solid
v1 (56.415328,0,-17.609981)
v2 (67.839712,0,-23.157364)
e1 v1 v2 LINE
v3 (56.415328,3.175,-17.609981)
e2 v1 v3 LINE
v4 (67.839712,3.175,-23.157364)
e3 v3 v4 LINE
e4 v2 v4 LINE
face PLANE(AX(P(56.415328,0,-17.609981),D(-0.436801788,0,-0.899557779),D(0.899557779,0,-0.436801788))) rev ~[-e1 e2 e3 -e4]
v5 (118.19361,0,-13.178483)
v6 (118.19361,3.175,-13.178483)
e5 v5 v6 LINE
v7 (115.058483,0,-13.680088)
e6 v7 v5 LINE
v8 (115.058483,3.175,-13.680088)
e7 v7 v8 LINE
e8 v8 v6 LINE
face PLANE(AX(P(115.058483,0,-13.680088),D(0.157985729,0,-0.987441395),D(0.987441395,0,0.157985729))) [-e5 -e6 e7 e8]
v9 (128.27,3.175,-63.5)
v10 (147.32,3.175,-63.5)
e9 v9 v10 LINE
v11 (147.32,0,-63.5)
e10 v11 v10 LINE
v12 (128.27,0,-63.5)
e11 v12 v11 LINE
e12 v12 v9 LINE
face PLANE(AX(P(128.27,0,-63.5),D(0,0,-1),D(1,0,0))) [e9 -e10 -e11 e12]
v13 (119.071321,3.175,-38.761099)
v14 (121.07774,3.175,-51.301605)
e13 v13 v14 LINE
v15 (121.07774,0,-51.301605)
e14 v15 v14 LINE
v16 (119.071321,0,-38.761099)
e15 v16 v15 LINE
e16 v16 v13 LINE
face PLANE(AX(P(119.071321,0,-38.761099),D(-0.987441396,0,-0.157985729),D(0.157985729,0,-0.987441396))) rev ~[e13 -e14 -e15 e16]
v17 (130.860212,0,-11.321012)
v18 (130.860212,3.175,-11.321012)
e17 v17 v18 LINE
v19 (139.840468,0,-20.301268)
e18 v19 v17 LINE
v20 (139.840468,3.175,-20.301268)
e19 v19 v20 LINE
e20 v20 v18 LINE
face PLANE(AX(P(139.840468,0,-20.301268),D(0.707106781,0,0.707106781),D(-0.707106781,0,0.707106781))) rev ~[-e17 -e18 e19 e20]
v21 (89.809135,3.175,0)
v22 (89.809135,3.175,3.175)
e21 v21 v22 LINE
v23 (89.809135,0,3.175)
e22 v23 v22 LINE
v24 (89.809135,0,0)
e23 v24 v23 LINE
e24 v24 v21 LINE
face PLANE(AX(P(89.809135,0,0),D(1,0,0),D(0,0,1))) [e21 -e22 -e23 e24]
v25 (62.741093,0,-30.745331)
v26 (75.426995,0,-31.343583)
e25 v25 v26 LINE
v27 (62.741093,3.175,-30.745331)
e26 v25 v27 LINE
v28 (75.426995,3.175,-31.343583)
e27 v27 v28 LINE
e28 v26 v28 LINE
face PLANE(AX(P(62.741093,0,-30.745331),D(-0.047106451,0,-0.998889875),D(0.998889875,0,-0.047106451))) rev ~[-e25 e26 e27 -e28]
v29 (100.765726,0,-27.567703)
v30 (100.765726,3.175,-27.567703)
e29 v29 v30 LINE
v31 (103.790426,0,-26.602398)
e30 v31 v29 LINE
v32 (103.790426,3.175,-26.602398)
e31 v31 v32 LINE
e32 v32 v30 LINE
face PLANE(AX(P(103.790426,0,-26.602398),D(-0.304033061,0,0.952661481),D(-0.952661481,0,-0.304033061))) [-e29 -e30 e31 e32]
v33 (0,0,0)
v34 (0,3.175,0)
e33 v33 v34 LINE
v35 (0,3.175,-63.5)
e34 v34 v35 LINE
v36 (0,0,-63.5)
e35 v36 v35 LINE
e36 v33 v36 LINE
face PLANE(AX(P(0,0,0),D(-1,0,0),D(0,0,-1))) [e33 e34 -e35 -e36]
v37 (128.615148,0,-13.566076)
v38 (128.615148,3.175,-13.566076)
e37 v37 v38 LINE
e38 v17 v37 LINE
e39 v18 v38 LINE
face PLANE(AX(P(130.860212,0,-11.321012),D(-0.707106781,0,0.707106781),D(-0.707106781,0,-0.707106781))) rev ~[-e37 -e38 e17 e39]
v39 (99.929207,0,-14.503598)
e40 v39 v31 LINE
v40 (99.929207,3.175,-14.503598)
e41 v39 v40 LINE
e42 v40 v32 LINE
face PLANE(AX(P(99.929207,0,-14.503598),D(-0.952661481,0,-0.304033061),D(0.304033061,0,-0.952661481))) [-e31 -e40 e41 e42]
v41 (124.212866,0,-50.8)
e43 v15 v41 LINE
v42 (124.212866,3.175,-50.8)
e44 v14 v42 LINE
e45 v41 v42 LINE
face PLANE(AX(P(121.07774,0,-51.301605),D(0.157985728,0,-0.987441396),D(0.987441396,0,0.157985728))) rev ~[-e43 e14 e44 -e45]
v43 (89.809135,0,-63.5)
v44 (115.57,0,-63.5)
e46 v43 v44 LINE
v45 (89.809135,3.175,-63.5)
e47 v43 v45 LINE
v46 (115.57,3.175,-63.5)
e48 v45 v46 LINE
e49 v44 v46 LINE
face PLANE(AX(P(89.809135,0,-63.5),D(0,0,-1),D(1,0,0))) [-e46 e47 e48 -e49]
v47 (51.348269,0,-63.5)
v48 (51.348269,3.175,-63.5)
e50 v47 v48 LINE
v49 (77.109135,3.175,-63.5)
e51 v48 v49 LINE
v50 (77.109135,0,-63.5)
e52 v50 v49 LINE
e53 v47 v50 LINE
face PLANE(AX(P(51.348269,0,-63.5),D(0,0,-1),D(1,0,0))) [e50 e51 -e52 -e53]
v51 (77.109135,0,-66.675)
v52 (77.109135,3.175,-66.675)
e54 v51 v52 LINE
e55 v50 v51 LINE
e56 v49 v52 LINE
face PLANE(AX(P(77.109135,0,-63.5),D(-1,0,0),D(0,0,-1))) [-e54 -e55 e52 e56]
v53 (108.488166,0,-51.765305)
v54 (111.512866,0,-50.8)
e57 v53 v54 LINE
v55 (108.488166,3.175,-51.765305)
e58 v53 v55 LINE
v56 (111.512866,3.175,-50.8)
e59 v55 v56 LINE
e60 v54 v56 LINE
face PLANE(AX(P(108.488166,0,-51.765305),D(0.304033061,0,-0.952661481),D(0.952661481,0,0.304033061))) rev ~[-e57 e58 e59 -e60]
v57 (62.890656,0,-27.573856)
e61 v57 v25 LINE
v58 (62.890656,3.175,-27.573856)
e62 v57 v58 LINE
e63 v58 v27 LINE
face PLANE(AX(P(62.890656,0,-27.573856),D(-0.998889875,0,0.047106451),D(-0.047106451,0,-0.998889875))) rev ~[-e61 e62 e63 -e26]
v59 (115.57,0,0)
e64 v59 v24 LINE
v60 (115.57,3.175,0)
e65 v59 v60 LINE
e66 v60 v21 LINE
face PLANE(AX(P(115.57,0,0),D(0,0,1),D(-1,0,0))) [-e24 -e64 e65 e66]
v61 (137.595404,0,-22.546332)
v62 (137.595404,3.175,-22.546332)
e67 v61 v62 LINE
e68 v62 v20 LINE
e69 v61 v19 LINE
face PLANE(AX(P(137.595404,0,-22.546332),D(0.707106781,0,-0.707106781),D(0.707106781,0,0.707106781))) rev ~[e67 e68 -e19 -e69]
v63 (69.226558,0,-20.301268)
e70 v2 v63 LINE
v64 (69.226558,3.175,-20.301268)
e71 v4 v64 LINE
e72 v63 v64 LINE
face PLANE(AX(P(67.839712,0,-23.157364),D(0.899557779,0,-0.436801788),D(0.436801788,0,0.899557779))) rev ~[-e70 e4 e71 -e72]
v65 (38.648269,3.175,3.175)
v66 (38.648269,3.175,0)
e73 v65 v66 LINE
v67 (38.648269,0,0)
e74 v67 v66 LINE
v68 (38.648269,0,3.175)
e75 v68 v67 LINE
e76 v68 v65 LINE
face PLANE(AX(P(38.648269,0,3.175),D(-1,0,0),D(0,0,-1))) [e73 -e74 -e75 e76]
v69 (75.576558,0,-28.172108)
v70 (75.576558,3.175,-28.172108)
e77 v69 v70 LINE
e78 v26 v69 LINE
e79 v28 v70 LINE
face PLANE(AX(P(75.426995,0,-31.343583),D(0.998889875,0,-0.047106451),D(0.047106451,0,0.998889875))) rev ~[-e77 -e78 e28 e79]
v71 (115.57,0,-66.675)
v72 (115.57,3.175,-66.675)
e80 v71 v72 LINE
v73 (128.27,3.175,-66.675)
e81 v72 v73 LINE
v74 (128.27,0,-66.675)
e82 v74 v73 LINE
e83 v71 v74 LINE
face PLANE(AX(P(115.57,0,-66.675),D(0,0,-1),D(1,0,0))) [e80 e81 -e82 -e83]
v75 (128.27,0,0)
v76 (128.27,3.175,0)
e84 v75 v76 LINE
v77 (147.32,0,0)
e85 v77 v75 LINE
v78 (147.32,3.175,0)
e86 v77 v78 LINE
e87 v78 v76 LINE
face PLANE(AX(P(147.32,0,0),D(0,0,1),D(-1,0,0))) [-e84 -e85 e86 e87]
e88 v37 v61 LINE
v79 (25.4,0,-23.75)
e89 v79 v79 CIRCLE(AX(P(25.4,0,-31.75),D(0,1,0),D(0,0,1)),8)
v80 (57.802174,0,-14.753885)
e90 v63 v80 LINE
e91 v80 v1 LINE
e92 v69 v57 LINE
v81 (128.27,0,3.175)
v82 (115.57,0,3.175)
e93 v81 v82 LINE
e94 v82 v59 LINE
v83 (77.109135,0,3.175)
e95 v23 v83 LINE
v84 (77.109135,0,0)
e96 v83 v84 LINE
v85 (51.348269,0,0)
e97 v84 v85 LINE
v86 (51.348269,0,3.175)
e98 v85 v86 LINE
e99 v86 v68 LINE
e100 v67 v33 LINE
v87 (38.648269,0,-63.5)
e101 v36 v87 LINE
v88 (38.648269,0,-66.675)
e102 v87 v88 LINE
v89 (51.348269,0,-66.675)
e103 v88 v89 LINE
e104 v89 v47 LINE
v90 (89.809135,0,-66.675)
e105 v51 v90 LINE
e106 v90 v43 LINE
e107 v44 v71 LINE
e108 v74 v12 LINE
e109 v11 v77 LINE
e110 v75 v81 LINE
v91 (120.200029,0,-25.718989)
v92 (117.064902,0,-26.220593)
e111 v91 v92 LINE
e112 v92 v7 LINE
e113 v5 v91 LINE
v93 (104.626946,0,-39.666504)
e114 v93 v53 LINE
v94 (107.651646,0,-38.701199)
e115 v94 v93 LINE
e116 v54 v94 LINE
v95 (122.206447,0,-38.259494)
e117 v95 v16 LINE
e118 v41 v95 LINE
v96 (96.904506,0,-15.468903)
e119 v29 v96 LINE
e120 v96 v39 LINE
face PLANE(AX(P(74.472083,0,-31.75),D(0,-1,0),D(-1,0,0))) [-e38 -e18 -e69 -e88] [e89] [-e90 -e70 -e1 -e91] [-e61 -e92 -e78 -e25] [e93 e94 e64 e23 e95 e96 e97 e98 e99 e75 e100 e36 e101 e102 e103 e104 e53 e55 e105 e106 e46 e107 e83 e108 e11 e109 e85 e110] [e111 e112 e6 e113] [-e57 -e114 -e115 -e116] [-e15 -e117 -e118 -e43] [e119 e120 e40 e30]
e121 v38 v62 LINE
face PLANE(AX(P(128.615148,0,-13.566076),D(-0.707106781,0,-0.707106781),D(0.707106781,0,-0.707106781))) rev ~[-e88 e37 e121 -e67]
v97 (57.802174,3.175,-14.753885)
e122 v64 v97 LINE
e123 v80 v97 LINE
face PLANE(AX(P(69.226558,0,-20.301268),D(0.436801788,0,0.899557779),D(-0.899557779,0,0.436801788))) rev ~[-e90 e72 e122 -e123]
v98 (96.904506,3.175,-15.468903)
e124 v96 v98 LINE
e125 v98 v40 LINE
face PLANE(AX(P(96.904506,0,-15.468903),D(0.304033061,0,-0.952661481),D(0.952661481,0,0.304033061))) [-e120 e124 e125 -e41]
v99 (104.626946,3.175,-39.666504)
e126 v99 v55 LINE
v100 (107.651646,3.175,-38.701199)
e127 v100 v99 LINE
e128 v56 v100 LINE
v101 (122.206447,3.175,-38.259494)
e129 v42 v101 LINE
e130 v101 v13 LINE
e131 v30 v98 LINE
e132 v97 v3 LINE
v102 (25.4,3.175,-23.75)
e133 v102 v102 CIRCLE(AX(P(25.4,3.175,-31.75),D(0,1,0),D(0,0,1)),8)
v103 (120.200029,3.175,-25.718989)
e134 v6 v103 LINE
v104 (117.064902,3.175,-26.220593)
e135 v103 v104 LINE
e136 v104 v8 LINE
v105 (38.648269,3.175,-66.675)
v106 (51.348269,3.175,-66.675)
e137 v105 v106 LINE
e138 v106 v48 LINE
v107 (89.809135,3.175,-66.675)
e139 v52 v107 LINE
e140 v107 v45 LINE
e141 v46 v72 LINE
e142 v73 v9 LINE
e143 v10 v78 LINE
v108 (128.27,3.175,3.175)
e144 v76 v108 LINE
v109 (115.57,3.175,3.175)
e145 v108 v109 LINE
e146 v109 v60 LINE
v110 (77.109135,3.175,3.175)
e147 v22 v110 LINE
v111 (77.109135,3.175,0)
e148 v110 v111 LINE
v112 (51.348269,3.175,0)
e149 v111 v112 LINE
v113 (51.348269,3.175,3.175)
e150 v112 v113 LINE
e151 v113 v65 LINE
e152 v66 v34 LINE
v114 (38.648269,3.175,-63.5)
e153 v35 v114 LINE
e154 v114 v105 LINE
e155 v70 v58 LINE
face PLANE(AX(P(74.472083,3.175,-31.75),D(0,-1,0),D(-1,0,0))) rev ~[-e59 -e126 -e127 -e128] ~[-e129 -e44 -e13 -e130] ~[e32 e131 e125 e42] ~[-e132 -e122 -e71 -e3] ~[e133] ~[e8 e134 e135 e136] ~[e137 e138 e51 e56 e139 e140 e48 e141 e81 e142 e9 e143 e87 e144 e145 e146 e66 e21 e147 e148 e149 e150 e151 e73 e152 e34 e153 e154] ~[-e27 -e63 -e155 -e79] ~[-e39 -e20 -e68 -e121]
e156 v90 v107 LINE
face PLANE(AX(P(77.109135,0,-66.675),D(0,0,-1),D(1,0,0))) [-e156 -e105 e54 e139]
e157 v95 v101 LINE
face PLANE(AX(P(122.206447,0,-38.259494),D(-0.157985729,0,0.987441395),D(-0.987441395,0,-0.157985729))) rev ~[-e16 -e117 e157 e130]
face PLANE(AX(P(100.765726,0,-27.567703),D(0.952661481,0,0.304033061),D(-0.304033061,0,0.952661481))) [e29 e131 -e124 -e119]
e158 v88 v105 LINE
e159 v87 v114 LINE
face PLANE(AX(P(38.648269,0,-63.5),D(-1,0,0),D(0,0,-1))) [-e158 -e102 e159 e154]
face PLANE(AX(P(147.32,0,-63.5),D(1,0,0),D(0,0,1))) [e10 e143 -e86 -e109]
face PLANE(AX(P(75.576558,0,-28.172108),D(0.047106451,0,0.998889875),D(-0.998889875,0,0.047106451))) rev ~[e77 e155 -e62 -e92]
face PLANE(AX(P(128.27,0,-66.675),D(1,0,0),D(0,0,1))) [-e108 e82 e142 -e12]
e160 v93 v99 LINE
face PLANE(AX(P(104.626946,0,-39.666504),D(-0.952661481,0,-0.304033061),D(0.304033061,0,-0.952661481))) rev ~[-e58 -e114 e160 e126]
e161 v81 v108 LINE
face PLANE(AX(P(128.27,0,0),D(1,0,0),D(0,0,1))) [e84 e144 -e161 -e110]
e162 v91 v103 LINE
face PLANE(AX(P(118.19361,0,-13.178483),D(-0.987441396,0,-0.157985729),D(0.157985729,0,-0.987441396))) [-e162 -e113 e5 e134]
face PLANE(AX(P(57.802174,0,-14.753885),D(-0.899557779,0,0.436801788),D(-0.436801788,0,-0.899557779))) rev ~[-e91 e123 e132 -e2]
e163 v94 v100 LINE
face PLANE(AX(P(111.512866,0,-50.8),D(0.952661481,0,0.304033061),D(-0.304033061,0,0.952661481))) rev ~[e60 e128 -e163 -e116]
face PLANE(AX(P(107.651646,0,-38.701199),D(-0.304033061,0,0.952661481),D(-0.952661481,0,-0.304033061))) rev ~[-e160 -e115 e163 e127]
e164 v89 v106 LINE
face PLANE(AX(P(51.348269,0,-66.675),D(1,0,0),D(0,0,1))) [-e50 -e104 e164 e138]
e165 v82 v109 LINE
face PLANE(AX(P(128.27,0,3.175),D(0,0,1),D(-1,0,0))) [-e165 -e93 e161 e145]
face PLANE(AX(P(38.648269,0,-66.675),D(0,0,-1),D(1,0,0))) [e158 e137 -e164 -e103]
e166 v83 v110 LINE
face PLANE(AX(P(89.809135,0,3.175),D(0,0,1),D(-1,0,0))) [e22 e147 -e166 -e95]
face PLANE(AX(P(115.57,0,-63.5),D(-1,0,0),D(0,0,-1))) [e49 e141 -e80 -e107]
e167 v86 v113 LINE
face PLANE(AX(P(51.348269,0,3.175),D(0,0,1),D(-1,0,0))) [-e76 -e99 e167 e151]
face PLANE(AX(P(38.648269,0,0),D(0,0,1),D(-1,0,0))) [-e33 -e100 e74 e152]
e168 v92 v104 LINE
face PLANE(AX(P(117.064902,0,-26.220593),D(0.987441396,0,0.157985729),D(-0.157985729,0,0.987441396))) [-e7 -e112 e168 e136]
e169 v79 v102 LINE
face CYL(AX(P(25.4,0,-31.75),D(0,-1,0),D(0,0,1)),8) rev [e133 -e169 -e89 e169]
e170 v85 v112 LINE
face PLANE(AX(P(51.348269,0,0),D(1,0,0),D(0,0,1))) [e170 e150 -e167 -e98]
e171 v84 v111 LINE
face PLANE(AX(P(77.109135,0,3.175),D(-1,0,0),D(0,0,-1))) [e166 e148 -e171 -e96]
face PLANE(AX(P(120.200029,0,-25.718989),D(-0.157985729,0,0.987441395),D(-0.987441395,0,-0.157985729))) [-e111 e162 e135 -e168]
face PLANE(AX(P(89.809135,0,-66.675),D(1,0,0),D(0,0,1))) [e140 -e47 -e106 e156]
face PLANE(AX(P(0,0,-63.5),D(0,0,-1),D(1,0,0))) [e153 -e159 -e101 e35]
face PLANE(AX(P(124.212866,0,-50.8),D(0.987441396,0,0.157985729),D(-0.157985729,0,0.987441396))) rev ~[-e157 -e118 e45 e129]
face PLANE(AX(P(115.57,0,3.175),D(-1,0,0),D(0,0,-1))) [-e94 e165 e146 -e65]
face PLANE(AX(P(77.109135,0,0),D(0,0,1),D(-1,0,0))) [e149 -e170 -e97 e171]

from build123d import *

# Parameters (mm, degrees)
SKETCH1_R           = 8
BOSS_EXTRUDE1_DEPTH = 3.175


with BuildPart() as part:
    # Sketch1 → Boss-Extrude1 (new body)
    with BuildSketch(Plane(origin=(0, 0, 0), x_dir=(1, 0, 0), z_dir=(0, 1, 0))):
        Polygon((128.27, 0), (128.27, -3.175), (115.57, -3.175), (115.57, 0), (89.809134643, 0), (89.809134643, -3.175), (77.109134643, -3.175), (77.109134643, 0), (51.348269287, 0), (51.348269287, -3.175), (38.648269287, -3.175), (38.648269287, 0), (0, 0), (0, 63.5), (38.648269287, 63.5), (38.648269287, 66.675), (51.348269287, 66.675), (51.348269287, 63.5), (77.109134643, 63.5), (77.109134643, 66.675), (89.809134643, 66.675), (89.809134643, 63.5), (115.57, 63.5), (115.57, 66.675), (128.27, 66.675), (128.27, 63.5), (147.32, 63.5), (147.32, 0), align=None)
        with Locations(Location((25.4, 31.75, 0), (0, 0, 270))):
            Circle(SKETCH1_R, mode=Mode.SUBTRACT)
        Polygon((124.212866127, 50.8), (122.206447374, 38.259494277), (119.071320943, 38.761098966), (121.077739696, 51.301604688), align=None, mode=Mode.SUBTRACT)
        Polygon((117.064902189, 26.220593243), (115.058483436, 13.68008752), (118.193609867, 13.178482831), (120.20002862, 25.718988554), align=None, mode=Mode.SUBTRACT)
        Polygon((111.512866127, 50.8), (107.651646253, 38.701199188), (104.62694605, 39.666504157), (108.488165924, 51.765304968), align=None, mode=Mode.SUBTRACT)
        Polygon((100.765726177, 27.567703345), (96.904506303, 15.468902533), (99.929206506, 14.503597564), (103.79042638, 26.602398376), align=None, mode=Mode.SUBTRACT)
        Polygon((139.840468497, 20.301267714), (130.860212376, 11.321011593), (128.615148346, 13.566075623), (137.595404467, 22.546331745), align=None, mode=Mode.SUBTRACT)
        Polygon((69.226557851, 20.301267714), (57.802174059, 14.753885002), (56.415328381, 17.60998095), (67.839712173, 23.157363662), align=None, mode=Mode.SUBTRACT)
        Polygon((75.576557851, 28.17210754), (62.890656439, 27.573855616), (62.741093458, 30.745330969), (75.42699487, 31.343582893), align=None, mode=Mode.SUBTRACT)
    extrude(amount=BOSS_EXTRUDE1_DEPTH)


solid = part.part
